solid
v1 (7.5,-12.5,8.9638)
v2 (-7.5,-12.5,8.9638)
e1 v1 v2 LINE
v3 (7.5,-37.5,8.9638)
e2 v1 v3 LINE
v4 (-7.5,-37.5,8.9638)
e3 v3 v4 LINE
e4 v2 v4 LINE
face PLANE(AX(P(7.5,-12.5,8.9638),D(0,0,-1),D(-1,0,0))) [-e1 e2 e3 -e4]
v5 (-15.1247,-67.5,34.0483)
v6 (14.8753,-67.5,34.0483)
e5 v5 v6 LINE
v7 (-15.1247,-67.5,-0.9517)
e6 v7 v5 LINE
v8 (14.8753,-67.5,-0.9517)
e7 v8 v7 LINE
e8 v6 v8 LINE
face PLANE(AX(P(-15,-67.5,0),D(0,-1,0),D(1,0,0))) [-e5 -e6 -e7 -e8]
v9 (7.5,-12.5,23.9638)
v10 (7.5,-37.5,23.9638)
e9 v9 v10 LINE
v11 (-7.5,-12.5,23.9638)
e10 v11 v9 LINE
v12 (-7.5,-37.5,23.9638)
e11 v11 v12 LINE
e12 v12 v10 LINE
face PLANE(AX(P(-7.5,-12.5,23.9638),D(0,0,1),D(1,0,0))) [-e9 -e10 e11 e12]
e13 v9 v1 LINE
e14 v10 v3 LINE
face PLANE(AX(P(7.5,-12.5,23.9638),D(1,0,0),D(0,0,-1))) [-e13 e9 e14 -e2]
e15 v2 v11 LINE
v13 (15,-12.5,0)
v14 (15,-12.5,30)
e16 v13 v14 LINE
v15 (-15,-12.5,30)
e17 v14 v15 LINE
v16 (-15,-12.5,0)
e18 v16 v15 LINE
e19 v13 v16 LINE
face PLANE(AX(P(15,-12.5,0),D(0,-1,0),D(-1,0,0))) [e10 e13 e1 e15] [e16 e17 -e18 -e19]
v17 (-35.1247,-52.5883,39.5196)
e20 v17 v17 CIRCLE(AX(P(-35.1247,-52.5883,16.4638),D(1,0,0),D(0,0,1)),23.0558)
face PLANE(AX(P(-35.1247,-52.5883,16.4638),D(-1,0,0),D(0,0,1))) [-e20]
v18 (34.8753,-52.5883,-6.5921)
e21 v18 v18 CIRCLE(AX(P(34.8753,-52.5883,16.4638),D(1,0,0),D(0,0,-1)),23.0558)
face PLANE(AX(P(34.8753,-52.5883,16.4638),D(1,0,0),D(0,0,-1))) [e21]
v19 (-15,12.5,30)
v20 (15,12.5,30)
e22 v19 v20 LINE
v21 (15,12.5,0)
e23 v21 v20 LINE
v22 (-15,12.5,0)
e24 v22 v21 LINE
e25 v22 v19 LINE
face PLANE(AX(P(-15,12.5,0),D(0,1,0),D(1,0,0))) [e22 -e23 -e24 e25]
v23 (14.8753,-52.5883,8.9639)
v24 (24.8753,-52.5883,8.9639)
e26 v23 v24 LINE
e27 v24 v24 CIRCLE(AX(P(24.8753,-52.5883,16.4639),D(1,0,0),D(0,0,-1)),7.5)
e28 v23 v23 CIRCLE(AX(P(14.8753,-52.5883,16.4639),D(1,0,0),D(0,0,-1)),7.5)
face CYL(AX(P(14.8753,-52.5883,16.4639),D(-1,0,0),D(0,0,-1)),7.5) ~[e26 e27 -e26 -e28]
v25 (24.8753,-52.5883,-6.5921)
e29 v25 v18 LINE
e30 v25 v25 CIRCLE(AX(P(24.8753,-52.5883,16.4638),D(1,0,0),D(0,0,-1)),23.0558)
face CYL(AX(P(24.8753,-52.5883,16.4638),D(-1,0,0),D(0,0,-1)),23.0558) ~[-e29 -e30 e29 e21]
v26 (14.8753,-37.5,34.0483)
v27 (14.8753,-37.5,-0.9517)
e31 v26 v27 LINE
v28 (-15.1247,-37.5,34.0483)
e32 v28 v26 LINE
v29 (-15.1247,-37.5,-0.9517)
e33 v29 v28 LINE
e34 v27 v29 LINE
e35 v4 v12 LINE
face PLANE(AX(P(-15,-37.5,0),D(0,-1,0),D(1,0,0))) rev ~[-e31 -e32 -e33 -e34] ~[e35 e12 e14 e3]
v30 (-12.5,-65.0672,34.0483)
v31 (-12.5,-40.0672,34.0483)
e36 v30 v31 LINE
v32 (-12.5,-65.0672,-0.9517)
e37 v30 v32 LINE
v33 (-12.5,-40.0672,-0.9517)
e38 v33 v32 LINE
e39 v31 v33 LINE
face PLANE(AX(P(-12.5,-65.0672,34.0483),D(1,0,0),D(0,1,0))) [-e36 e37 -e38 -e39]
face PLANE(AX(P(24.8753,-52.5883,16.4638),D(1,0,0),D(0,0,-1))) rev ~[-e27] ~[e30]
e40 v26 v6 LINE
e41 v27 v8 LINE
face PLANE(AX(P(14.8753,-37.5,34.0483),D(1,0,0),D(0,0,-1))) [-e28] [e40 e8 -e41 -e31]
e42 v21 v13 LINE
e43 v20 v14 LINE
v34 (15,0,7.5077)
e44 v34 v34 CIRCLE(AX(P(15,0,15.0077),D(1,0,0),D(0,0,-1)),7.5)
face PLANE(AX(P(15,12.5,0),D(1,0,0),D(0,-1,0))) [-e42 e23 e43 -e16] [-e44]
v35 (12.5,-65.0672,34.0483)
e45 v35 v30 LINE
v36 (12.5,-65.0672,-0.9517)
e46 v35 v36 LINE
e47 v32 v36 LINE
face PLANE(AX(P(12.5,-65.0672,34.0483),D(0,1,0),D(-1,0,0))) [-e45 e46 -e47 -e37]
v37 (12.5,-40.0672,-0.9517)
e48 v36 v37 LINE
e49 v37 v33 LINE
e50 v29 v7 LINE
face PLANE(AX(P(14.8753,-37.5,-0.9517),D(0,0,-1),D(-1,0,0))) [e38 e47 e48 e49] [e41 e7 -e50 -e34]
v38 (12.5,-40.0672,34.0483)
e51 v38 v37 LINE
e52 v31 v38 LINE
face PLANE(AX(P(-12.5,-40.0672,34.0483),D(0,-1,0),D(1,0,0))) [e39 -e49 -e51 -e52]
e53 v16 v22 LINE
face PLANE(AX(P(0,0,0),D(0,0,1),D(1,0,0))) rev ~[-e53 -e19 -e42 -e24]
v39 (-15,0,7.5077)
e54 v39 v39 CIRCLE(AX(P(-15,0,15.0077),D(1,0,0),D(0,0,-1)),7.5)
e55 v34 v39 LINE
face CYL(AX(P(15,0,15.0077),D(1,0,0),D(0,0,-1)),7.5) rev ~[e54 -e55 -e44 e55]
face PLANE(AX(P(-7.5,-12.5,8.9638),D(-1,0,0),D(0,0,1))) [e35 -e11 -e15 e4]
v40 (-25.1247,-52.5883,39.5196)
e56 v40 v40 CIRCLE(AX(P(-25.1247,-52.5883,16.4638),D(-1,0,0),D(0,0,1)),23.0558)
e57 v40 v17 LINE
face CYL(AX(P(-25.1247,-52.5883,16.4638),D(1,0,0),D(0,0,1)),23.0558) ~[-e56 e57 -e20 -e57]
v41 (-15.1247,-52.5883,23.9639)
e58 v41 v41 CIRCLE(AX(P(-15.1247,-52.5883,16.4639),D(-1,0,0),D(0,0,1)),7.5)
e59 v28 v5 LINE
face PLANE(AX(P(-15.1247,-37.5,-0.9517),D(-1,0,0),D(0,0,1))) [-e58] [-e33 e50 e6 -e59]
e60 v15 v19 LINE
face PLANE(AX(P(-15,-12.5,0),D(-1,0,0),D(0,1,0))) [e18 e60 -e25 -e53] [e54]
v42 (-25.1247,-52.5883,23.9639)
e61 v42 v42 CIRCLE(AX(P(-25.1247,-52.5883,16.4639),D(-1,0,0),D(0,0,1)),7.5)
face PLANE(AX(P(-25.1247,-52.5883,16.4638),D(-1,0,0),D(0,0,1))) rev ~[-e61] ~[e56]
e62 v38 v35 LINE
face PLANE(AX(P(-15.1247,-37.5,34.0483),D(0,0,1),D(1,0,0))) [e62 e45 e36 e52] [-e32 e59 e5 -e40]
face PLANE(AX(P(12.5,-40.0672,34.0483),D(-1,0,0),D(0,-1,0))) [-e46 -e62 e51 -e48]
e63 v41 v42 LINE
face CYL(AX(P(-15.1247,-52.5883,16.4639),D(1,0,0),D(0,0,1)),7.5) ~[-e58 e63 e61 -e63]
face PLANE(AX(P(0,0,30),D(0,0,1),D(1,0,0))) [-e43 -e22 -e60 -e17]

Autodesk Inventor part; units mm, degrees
ref_plane "YZ Plane" through (0, 0, 0) normal (1, 0, 0) x (0, 1, 0)
ref_plane "XZ Plane" through (0, 0, 0) normal (0, 1, 0) x (-1, 0, 0)
ref_plane "XY Plane" through (0, 0, 0) normal (0, 0, 1) x (1, 0, 0)
sketch "Sketch1" plane through (0, 0, 0) normal (0, 0, 1) x (1, 0, 0)
  line L0 (-15, 12.5) -> (15, 12.5)
  line L1 (15, 12.5) -> (15, -12.5)
  line L2 (15, -12.5) -> (-15, -12.5)
  line L3 (-15, -12.5) -> (-15, 12.5)
  line L4 (-15, 12.5) -> (15, -12.5) construction
  line L5 (15, 12.5) -> (-15, -12.5) construction
  point P0 (0, 0)
  dimension "d0" = 30
  dimension "d1" = 25
extrude "Extrusion1" add sketch "Sketch1" along normal blind 30
sketch "Sketch2" plane through (15, -12.5, 0) normal (1, 0, 0) x (0, 0, -1)
  circle A0 centre (-15.0077, 12.5) radius 7.5
  point P0 (0, 12.5)
  dimension "d4" = 15
extrude "Extrusion2" cut sketch "Sketch2" against normal through all
sketch "Sketch3" plane through (-15, -12.5, 0) normal (0, -1, 0) x (1, 0, 0)
  line L0 (7.5, 23.9638) -> (22.5, 23.9638)
  line L1 (22.5, 23.9638) -> (22.5, 8.9638)
  line L2 (22.5, 8.9638) -> (7.5, 8.9638)
  line L3 (7.5, 8.9638) -> (7.5, 23.9638)
  line L4 (7.5, 23.9638) -> (22.5, 8.9638) construction
  line L5 (22.5, 23.9638) -> (7.5, 8.9638) construction
  point P0 (15, 0)
  point P1 (15, 16.4638)
  dimension "d7" = 15
  dimension "d8" = 15
extrude "Extrusion3" add sketch "Sketch3" along normal blind 25
sketch "Sketch4" plane through (-15, -37.5, 0) normal (0, -1, 0) x (1, 0, 0)
  line L0 (-0.1247, 34.0483) -> (29.8753, 34.0483)
  line L1 (29.8753, 34.0483) -> (29.8753, -0.9517)
  line L2 (29.8753, -0.9517) -> (-0.1247, -0.9517)
  line L3 (-0.1247, -0.9517) -> (-0.1247, 34.0483)
  line L4 (-0.1247, 34.0483) -> (29.8753, -0.9517) construction
  line L5 (29.8753, 34.0483) -> (-0.1247, -0.9517) construction
  point P0 (15, 0)
  point P1 (14.8753, 16.5483)
  dimension "d11" = 30
  dimension "d12" = 35
extrude "Extrusion4" add sketch "Sketch4" along normal blind 30
sketch "Sketch5" plane through (-15.1247, -37.5, -0.9517) normal (-1, 0, 0) x (0, 0, 1)
  circle A0 centre (17.4156, -15.0883) radius 7.5
  point P0 (0.9517, 37.5)
  dimension "d15" = 15
extrude "Extrusion5" add sketch "Sketch5" along normal blind 10
sketch "Sketch6" plane through (14.8753, -37.5, 34.0483) normal (1, 0, 0) x (0, 0, -1)
  circle A0 centre (17.5844, -15.0883) radius 7.5 projected
  circle A1 centre (17.5844, -15.0883) radius 7.5
  point P0 (34.0483, 37.5)
extrude "Extrusion6" add sketch "Sketch6" along normal blind 10
sketch "Sketch7" plane through (-25.1247, -52.5883, 16.4638) normal (-1, 0, 0) x (0, 0, 1)
  line L0 (-17.4156, -14.9117) -> (17.5844, -14.9117) projected
  circle A0 centre (0, 0) radius 23.0558
  point P0 (-16.4638, 52.5883)
extrude "Extrusion7" add sketch "Sketch7" along normal blind 10
sketch "Sketch8" plane through (24.8753, -52.5883, 16.4638) normal (1, 0, 0) x (0, 0, -1)
  circle A0 centre (0, 0) radius 7.5 projected
  circle A1 centre (0, 0) radius 23.0558 projected
  circle A2 centre (0, 0) radius 23.056
  point P0 (16.4638, 52.5883)
  dimension "d22" = 46.112
extrude "Extrusion8" add sketch "Sketch8" along normal blind 10 contours A0 | A1
sketch "Sketch9" plane through (-15.1247, -37.5, 34.0483) normal (0, 0, 1) x (1, 0, 0)
  line L0 (2.6247, -2.5672) -> (27.6247, -2.5672)
  line L1 (27.6247, -2.5672) -> (27.6247, -27.5672)
  line L2 (27.6247, -27.5672) -> (2.6247, -27.5672)
  line L3 (2.6247, -27.5672) -> (2.6247, -2.5672)
  line L4 (2.6247, -2.5672) -> (27.6247, -27.5672) construction
  line L5 (27.6247, -2.5672) -> (2.6247, -27.5672) construction
  point P0 (15.1247, 37.5)
  point P1 (15.1247, -15.0672)
  dimension "d25" = 25
  dimension "d26" = 25
extrude "Extrusion9" cut sketch "Sketch9" against normal through all
properties part number "Part4f"
